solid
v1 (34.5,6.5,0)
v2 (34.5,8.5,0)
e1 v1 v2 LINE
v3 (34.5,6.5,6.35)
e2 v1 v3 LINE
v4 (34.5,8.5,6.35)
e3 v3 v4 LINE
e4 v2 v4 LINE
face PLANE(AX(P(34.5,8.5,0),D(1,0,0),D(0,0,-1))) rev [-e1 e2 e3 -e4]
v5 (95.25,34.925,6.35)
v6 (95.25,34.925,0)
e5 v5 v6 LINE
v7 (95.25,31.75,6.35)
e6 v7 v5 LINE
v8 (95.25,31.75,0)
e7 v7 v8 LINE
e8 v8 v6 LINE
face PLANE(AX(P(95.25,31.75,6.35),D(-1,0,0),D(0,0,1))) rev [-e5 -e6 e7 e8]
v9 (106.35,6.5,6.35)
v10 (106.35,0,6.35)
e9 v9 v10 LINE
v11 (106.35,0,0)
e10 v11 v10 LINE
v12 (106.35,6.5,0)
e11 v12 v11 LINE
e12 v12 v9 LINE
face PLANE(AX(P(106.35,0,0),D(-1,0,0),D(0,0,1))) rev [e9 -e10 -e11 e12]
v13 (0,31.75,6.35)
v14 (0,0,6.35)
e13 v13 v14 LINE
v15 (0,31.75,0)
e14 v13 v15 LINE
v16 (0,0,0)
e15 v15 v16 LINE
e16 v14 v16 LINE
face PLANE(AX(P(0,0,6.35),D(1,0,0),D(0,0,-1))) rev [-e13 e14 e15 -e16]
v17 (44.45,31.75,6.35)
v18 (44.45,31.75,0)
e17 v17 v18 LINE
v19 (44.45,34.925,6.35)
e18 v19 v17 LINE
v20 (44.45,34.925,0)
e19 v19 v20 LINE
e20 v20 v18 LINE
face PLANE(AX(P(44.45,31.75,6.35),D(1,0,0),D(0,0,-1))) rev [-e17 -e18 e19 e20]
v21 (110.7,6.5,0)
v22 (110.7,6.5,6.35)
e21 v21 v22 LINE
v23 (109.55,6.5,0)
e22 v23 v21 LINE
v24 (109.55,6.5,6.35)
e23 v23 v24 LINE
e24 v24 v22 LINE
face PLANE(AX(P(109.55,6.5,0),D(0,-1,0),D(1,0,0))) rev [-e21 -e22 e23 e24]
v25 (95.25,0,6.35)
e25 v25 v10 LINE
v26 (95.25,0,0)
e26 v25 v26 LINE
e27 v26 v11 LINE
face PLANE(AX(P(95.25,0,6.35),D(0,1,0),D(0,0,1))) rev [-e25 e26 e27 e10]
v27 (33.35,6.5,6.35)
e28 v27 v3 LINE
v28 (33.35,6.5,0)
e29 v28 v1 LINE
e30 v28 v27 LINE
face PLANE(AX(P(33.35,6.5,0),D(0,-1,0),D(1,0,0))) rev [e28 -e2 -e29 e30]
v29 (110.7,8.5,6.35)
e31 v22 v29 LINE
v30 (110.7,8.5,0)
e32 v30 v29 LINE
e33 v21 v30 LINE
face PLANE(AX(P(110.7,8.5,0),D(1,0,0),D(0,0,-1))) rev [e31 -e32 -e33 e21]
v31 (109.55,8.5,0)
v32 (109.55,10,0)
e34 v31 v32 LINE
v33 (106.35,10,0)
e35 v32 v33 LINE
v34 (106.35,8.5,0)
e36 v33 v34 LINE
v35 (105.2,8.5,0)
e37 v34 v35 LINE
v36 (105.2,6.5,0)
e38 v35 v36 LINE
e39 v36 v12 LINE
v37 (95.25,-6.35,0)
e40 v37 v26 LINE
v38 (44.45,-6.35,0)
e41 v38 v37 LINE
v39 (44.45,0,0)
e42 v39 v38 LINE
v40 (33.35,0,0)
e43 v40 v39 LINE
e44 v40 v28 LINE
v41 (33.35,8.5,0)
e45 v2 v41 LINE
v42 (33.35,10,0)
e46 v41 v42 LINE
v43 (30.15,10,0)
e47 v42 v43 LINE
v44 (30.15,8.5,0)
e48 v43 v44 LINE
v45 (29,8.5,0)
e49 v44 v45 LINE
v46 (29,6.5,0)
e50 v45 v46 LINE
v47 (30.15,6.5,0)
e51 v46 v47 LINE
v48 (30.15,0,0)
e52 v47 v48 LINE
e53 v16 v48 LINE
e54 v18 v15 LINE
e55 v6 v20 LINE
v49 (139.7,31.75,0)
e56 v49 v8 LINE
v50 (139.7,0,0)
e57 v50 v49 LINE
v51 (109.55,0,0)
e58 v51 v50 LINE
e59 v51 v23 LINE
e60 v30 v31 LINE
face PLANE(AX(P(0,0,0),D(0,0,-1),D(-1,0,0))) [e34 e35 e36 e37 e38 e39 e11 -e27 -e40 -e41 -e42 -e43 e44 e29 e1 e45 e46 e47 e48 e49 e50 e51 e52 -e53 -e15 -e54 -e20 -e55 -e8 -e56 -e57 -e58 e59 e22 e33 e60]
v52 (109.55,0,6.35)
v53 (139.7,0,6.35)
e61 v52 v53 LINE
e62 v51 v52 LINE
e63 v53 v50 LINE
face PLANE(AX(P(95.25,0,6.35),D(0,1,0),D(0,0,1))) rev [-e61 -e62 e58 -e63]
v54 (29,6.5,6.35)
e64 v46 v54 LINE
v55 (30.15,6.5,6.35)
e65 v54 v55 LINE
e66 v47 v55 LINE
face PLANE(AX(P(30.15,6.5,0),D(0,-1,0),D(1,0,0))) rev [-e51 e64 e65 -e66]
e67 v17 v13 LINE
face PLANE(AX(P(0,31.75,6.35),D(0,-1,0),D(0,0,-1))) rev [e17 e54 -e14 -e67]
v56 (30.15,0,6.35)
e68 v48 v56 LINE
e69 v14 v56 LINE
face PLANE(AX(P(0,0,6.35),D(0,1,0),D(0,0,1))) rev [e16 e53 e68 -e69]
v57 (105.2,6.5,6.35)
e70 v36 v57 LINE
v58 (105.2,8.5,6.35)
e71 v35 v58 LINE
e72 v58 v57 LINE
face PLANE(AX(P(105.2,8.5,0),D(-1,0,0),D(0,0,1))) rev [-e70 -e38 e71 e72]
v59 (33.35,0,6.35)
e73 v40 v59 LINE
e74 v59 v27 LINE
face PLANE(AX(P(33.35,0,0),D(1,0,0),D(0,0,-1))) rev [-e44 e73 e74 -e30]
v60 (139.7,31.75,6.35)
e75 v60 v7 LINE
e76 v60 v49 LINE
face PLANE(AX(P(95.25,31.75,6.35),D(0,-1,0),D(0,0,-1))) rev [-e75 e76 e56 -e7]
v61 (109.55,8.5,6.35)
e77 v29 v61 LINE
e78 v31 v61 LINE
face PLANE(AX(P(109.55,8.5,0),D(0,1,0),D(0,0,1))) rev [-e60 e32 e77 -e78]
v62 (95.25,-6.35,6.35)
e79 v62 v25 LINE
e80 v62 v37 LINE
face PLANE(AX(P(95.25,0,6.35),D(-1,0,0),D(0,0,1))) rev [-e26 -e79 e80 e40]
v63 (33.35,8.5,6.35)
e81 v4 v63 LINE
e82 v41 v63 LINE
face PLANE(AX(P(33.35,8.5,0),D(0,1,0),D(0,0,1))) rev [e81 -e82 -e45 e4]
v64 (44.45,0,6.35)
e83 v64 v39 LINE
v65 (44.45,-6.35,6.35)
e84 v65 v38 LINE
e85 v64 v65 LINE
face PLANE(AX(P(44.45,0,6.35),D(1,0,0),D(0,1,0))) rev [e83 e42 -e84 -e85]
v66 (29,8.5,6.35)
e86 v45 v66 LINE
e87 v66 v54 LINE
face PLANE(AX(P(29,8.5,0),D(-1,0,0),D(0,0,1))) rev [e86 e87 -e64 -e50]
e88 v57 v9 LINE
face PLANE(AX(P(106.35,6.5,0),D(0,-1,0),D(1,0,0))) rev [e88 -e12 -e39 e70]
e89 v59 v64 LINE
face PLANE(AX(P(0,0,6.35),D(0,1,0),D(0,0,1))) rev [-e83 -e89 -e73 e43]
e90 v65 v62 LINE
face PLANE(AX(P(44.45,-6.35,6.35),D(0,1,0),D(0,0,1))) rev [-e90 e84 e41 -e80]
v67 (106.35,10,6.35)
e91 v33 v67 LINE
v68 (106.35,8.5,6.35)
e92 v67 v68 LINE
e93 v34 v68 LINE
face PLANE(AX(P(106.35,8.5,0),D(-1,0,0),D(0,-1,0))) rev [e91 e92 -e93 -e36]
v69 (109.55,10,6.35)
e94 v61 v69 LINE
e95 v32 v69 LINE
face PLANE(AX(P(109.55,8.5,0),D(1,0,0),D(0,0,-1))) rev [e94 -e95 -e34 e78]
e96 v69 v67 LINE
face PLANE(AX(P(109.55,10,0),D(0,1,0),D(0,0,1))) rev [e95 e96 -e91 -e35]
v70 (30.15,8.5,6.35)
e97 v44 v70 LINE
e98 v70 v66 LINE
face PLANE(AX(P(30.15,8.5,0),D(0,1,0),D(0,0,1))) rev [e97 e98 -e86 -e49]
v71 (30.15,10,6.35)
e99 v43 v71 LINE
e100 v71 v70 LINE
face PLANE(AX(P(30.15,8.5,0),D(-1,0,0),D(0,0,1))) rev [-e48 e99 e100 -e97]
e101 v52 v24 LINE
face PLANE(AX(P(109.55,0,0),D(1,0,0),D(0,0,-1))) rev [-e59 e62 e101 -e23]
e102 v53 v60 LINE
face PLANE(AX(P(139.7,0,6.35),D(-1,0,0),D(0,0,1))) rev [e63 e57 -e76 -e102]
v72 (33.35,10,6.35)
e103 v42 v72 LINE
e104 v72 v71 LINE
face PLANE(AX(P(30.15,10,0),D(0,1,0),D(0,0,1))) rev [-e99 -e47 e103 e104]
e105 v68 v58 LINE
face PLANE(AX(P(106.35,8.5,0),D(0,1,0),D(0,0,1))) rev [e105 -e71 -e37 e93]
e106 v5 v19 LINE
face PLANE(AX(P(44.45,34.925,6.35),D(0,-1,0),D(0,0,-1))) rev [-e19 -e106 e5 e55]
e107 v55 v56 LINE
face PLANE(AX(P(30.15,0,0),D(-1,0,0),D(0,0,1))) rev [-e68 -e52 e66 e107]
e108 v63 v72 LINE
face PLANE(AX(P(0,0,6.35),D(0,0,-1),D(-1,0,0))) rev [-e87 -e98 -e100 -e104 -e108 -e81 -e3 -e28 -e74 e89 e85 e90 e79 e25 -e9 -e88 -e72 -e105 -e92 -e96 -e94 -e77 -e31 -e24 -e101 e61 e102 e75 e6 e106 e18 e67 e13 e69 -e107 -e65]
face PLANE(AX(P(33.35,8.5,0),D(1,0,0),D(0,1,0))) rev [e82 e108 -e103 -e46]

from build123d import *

# Parameters (mm, degrees)
BOSS_EXTRUDE1_DEPTH = 6.35
CUT_EXTRUDE1_DEPTH  = 7.35


with BuildPart() as part:
    # Sketch1 → Boss-Extrude1 (new body)
    with BuildSketch(Plane.XY):
        Polygon((0, 0), (44.45, 0), (44.45, -6.35), (95.25, -6.35), (95.25, 0), (139.7, 0), (139.7, 31.75), (95.25, 31.75), (95.25, 34.925), (44.45, 34.925), (44.45, 31.75), (0, 31.75), align=None)
    extrude(amount=BOSS_EXTRUDE1_DEPTH)

    # Sketch2 → Cut-Extrude1 (cut, through all)
    with BuildSketch(Plane.XY.offset(6.35)):
        Polygon((30.15, 0), (33.35, 0), (33.35, 6.5), (34.5, 6.5), (34.5, 8.5), (33.35, 8.5), (33.35, 10), (30.15, 10), (30.15, 8.5), (29, 8.5), (29, 6.5), (30.15, 6.5), align=None)
        Polygon((109.55, 8.5), (109.55, 10), (106.35, 10), (106.35, 8.5), (105.2, 8.5), (105.2, 6.5), (106.35, 6.5), (106.35, 0), (109.55, 0), (109.55, 6.5), (110.7, 6.5), (110.7, 8.5), align=None)
    extrude(amount=-CUT_EXTRUDE1_DEPTH, mode=Mode.SUBTRACT)


solid = part.part
